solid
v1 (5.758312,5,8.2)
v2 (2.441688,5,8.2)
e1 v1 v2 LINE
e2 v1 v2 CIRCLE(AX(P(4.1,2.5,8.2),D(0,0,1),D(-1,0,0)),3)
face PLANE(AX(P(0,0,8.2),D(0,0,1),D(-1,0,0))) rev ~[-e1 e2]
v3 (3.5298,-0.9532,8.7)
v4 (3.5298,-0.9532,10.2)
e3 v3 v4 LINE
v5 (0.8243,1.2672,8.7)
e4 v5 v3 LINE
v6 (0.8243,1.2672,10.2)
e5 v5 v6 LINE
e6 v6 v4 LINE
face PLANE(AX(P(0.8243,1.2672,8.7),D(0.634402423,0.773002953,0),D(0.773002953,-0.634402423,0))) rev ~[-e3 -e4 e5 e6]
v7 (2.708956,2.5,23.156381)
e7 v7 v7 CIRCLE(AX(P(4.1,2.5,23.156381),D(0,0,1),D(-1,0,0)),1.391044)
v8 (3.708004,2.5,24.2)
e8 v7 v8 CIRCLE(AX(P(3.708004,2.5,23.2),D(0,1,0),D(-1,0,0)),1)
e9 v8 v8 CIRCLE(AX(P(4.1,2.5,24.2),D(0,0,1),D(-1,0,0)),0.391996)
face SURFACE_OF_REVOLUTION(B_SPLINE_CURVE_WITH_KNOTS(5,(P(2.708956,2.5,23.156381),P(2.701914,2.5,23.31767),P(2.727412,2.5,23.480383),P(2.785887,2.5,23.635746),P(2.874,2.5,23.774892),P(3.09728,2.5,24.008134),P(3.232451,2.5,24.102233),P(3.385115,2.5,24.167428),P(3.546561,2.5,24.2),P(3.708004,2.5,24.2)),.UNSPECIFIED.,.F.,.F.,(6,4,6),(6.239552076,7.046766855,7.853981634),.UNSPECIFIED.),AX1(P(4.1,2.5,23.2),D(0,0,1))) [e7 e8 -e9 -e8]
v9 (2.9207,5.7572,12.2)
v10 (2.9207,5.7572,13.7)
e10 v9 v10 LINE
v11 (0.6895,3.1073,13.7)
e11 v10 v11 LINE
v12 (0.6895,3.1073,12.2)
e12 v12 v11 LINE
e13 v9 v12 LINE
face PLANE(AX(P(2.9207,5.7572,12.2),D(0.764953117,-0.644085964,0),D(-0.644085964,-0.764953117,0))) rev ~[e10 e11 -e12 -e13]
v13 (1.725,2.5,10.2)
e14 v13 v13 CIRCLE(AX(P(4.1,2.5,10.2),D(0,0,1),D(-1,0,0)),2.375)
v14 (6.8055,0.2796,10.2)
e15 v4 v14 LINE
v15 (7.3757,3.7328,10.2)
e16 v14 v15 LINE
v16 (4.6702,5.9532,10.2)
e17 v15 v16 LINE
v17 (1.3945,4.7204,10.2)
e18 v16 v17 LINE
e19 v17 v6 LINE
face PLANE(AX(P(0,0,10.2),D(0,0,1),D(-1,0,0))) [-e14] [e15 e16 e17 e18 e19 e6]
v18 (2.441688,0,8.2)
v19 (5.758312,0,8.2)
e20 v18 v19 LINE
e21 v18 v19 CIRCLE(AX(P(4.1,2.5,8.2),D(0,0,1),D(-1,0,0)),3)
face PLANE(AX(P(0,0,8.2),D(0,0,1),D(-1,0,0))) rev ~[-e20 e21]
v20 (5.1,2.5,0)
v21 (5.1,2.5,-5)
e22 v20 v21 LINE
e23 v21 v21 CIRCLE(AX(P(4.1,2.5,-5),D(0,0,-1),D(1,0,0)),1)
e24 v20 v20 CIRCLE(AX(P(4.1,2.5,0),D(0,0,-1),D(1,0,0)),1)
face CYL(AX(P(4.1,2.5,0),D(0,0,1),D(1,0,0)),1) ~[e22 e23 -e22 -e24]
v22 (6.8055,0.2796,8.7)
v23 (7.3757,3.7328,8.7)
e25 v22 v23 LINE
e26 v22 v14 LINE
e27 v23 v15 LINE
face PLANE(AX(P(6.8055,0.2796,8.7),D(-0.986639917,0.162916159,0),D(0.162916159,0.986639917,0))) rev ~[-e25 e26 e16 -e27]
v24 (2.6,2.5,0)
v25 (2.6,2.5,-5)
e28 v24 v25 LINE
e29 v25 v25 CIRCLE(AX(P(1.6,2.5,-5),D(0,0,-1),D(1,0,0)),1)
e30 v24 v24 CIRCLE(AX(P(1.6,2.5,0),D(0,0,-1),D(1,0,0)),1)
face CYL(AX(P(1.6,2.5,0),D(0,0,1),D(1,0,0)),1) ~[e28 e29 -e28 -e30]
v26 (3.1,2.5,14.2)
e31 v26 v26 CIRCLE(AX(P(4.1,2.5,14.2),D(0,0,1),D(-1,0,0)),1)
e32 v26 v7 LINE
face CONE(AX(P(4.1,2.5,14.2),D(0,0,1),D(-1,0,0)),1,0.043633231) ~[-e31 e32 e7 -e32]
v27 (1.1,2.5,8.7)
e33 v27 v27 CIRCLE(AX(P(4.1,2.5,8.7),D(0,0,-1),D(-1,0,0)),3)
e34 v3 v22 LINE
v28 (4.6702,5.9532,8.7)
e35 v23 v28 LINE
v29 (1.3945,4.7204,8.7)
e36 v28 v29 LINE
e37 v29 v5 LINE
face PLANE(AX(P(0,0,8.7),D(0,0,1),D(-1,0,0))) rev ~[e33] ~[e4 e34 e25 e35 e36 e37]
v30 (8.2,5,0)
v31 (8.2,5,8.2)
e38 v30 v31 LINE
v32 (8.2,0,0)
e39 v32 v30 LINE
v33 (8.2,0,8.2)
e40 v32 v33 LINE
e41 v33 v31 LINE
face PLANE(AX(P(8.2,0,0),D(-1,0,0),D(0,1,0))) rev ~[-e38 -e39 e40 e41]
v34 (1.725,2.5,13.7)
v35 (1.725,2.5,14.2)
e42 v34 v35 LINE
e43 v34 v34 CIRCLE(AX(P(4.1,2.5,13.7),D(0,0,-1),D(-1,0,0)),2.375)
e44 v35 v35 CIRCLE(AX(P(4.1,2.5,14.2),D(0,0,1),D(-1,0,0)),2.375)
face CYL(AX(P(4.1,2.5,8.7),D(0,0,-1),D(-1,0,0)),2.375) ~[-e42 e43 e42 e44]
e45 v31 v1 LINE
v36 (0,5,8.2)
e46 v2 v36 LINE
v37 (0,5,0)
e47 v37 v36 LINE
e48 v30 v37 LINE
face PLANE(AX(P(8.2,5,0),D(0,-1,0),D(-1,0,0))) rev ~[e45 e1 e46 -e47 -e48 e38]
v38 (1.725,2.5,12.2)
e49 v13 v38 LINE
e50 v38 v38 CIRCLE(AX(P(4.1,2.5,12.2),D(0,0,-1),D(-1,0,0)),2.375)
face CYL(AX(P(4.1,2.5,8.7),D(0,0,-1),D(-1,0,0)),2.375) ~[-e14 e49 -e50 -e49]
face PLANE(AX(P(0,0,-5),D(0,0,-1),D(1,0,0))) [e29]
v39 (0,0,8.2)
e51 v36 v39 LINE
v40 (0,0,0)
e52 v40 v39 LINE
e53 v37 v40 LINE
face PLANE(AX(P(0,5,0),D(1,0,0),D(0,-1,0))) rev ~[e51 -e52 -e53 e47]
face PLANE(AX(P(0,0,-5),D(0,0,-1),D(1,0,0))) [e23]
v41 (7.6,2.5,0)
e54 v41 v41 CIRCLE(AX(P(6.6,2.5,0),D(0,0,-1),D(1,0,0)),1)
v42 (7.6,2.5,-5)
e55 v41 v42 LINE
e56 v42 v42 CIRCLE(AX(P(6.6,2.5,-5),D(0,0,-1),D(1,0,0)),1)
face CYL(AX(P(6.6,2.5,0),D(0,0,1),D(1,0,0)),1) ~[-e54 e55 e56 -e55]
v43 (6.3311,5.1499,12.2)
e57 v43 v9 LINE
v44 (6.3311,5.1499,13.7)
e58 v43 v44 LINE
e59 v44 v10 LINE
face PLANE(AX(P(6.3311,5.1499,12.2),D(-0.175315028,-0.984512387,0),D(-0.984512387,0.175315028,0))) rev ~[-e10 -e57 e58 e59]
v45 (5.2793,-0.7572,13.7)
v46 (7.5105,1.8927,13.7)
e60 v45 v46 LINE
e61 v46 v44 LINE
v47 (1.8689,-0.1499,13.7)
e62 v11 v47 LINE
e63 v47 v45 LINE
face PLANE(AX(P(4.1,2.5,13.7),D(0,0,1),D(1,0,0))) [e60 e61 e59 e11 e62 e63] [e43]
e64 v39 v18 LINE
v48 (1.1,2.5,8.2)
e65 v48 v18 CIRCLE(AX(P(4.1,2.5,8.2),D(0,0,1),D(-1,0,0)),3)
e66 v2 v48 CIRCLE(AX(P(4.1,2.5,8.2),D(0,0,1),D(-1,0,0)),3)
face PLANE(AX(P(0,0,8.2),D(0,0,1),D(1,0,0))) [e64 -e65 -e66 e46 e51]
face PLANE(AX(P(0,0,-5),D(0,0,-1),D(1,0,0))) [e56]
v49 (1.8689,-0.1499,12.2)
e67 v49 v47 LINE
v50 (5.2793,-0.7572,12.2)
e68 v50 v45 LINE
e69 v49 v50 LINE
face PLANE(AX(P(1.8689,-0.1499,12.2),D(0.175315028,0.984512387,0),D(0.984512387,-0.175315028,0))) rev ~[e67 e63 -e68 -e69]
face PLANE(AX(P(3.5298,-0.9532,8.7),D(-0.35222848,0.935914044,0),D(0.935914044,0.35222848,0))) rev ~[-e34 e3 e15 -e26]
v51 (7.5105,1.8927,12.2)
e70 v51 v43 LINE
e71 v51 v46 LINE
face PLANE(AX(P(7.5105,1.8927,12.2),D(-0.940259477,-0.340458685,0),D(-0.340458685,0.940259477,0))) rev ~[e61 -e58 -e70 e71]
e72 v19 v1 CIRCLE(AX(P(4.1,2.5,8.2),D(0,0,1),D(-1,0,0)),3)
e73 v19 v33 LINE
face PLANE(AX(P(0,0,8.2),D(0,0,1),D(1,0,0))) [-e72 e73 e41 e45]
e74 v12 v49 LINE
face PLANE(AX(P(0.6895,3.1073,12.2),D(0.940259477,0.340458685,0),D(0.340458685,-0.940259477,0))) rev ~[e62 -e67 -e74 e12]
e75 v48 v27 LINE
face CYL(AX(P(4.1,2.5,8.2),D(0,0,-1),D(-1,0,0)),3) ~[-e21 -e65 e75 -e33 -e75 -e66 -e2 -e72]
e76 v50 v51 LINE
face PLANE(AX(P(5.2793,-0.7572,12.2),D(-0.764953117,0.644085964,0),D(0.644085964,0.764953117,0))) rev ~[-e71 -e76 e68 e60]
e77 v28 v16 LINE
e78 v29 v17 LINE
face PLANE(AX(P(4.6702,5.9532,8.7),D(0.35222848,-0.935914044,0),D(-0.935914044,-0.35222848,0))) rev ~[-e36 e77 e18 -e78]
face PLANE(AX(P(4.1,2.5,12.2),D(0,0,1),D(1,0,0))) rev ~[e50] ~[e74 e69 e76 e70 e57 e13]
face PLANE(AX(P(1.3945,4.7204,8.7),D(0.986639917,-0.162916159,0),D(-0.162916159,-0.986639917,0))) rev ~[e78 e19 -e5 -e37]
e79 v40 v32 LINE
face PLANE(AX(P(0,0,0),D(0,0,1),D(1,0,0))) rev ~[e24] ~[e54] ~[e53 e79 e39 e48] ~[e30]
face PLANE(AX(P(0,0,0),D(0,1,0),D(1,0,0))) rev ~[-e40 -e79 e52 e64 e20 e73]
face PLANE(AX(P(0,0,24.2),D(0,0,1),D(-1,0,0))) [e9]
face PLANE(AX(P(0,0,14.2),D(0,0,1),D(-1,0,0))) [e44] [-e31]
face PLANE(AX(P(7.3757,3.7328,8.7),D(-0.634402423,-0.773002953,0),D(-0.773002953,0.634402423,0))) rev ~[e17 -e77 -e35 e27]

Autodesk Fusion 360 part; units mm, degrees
sketch "Skizze1" plane through (0, 0, 0) normal (0, 0, 1) x (1, 0, 0)
  line L0 (0, 0) -> (8.2, 0)
  line L1 (8.2, 0) -> (8.2, 5)
  line L2 (8.2, 5) -> (0, 5)
  line L3 (0, 5) -> (0, 0)
  dimension "d1" = 8.2
  dimension "d2" = 5
extrude "Extrusion1" add sketch "Skizze1" along normal blind 8.2
sketch "Skizze2" plane through (0, 0, 8.2) normal (0, 0, 1) x (-1, 0, 0)
  line L0 (0, -5) -> (0, 0)
  line L1 (0, 0) -> (-8.2, 0)
  line L2 (-8.2, 0) -> (-8.2, -5)
  line L3 (-8.2, -5) -> (0, -5)
  circle A0 centre (-4.1, -2.5) radius 3
  dimension "d5" = 6
  dimension "d6" = 2.5
  dimension "d38" = 4.1
extrude "Extrusion2" add sketch "Skizze2" along normal blind 0.5 contours L3 A0 | L1 L3 A0 | L1 A0
sketch "Skizze3" plane through (0, 0, 8.7) normal (0, 0, 1) x (-1, 0, 0)
  circle A0 centre (-4.1, -2.5) radius 3
  circle A1 centre (-4.1, -2.5) radius 2.375
  dimension "d9" = 4.75
extrude "Extrusion3" add sketch "Skizze3" along normal blind 5.5 contours A1
sketch "Skizze4" plane through (0, 0, 14.2) normal (0, 0, 1) x (-1, 0, 0)
  circle A0 centre (-4.1, -2.5) radius 2.375
  circle A1 centre (-4.1, -2.5) radius 1.25
  dimension "d12" = 2.5
sketch "Skizze5" plane through (0, 0, 0) normal (0, 0, -1) x (1, 0, 0)
  line L0 (0, 0) -> (0, -5)
  line L1 (0, -5) -> (8.2, -5)
  line L2 (8.2, -5) -> (8.2, 0)
  line L3 (8.2, 0) -> (0, 0)
  circle A0 centre (4.1, -2.5) radius 1
  circle A1 centre (6.6, -2.5) radius 1
  circle A2 centre (1.6, -2.5) radius 1
  dimension "d17" = 2
  dimension "d18" = 2.5
  dimension "d21" = 2.5
  dimension "d22" = 0
  dimension "d25" = -2.5
  dimension "d26" = 0
  dimension "d39" = 4.1
extrude "Extrusion5" add sketch "Skizze5" along normal blind 5 contours A0 | A1 | A2
sketch "Skizze6" plane through (0, 0, 8.7) normal (0, 0, 1) x (-1, 0, 0)
  circle A0 centre (-4.1, -2.5) radius 2.375
  circle A1 centre (-4.1, -2.5) radius 3
  line L0 (-7.3757, -3.7328) -> (-4.6702, -5.9532)
  line L1 (-4.6702, -5.9532) -> (-1.3945, -4.7204)
  line L2 (-1.3945, -4.7204) -> (-0.8243, -1.2672)
  line L3 (-0.8243, -1.2672) -> (-3.5298, 0.9532)
  line L4 (-3.5298, 0.9532) -> (-6.8055, -0.2796)
  line L5 (-6.8055, -0.2796) -> (-7.3757, -3.7328)
  point P0 (-4.1, -2.5)
  dimension "d29" = 3.5
extrude "Extrusion6" add sketch "Skizze6" along normal blind 1.5 contours A1 | L0 L1 L2 L3 L4 L5
ref_plane "Arbeitsebene1" through (4.1, 2.5, 12.2) normal (0, 0, 1) x (-1, 0, 0)
sketch "Skizze8" plane through (4.1, 2.5, 12.2) normal (0, 0, 1) x (1, 0, 0)
  line L0 (-1.1793, 3.2572) -> (-3.4105, 0.6073)
  line L1 (-3.4105, 0.6073) -> (-2.2311, -2.6499)
  line L2 (-2.2311, -2.6499) -> (1.1793, -3.2572)
  line L3 (1.1793, -3.2572) -> (3.4105, -0.6073)
  line L4 (3.4105, -0.6073) -> (2.2311, 2.6499)
  line L5 (2.2311, 2.6499) -> (-1.1793, 3.2572)
  dimension "d40" = 3
extrude "Extrusion9" add sketch "Skizze8" along normal blind 1.5
sketch "Skizze9" plane through (0, 0, 14.2) normal (0, 0, 1) x (-1, 0, 0)
  circle A0 centre (-4.1, -2.5) radius 2.375
  circle A1 centre (-4.1, -2.5) radius 1
  dimension "d43" = 2
extrude "Extrusion10" add sketch "Skizze9" along normal blind 10 draft 2.5 contours A1
fillet "Abrundung2" radius 1 1 edges at (5.4394, 1.9805, 24.2)
